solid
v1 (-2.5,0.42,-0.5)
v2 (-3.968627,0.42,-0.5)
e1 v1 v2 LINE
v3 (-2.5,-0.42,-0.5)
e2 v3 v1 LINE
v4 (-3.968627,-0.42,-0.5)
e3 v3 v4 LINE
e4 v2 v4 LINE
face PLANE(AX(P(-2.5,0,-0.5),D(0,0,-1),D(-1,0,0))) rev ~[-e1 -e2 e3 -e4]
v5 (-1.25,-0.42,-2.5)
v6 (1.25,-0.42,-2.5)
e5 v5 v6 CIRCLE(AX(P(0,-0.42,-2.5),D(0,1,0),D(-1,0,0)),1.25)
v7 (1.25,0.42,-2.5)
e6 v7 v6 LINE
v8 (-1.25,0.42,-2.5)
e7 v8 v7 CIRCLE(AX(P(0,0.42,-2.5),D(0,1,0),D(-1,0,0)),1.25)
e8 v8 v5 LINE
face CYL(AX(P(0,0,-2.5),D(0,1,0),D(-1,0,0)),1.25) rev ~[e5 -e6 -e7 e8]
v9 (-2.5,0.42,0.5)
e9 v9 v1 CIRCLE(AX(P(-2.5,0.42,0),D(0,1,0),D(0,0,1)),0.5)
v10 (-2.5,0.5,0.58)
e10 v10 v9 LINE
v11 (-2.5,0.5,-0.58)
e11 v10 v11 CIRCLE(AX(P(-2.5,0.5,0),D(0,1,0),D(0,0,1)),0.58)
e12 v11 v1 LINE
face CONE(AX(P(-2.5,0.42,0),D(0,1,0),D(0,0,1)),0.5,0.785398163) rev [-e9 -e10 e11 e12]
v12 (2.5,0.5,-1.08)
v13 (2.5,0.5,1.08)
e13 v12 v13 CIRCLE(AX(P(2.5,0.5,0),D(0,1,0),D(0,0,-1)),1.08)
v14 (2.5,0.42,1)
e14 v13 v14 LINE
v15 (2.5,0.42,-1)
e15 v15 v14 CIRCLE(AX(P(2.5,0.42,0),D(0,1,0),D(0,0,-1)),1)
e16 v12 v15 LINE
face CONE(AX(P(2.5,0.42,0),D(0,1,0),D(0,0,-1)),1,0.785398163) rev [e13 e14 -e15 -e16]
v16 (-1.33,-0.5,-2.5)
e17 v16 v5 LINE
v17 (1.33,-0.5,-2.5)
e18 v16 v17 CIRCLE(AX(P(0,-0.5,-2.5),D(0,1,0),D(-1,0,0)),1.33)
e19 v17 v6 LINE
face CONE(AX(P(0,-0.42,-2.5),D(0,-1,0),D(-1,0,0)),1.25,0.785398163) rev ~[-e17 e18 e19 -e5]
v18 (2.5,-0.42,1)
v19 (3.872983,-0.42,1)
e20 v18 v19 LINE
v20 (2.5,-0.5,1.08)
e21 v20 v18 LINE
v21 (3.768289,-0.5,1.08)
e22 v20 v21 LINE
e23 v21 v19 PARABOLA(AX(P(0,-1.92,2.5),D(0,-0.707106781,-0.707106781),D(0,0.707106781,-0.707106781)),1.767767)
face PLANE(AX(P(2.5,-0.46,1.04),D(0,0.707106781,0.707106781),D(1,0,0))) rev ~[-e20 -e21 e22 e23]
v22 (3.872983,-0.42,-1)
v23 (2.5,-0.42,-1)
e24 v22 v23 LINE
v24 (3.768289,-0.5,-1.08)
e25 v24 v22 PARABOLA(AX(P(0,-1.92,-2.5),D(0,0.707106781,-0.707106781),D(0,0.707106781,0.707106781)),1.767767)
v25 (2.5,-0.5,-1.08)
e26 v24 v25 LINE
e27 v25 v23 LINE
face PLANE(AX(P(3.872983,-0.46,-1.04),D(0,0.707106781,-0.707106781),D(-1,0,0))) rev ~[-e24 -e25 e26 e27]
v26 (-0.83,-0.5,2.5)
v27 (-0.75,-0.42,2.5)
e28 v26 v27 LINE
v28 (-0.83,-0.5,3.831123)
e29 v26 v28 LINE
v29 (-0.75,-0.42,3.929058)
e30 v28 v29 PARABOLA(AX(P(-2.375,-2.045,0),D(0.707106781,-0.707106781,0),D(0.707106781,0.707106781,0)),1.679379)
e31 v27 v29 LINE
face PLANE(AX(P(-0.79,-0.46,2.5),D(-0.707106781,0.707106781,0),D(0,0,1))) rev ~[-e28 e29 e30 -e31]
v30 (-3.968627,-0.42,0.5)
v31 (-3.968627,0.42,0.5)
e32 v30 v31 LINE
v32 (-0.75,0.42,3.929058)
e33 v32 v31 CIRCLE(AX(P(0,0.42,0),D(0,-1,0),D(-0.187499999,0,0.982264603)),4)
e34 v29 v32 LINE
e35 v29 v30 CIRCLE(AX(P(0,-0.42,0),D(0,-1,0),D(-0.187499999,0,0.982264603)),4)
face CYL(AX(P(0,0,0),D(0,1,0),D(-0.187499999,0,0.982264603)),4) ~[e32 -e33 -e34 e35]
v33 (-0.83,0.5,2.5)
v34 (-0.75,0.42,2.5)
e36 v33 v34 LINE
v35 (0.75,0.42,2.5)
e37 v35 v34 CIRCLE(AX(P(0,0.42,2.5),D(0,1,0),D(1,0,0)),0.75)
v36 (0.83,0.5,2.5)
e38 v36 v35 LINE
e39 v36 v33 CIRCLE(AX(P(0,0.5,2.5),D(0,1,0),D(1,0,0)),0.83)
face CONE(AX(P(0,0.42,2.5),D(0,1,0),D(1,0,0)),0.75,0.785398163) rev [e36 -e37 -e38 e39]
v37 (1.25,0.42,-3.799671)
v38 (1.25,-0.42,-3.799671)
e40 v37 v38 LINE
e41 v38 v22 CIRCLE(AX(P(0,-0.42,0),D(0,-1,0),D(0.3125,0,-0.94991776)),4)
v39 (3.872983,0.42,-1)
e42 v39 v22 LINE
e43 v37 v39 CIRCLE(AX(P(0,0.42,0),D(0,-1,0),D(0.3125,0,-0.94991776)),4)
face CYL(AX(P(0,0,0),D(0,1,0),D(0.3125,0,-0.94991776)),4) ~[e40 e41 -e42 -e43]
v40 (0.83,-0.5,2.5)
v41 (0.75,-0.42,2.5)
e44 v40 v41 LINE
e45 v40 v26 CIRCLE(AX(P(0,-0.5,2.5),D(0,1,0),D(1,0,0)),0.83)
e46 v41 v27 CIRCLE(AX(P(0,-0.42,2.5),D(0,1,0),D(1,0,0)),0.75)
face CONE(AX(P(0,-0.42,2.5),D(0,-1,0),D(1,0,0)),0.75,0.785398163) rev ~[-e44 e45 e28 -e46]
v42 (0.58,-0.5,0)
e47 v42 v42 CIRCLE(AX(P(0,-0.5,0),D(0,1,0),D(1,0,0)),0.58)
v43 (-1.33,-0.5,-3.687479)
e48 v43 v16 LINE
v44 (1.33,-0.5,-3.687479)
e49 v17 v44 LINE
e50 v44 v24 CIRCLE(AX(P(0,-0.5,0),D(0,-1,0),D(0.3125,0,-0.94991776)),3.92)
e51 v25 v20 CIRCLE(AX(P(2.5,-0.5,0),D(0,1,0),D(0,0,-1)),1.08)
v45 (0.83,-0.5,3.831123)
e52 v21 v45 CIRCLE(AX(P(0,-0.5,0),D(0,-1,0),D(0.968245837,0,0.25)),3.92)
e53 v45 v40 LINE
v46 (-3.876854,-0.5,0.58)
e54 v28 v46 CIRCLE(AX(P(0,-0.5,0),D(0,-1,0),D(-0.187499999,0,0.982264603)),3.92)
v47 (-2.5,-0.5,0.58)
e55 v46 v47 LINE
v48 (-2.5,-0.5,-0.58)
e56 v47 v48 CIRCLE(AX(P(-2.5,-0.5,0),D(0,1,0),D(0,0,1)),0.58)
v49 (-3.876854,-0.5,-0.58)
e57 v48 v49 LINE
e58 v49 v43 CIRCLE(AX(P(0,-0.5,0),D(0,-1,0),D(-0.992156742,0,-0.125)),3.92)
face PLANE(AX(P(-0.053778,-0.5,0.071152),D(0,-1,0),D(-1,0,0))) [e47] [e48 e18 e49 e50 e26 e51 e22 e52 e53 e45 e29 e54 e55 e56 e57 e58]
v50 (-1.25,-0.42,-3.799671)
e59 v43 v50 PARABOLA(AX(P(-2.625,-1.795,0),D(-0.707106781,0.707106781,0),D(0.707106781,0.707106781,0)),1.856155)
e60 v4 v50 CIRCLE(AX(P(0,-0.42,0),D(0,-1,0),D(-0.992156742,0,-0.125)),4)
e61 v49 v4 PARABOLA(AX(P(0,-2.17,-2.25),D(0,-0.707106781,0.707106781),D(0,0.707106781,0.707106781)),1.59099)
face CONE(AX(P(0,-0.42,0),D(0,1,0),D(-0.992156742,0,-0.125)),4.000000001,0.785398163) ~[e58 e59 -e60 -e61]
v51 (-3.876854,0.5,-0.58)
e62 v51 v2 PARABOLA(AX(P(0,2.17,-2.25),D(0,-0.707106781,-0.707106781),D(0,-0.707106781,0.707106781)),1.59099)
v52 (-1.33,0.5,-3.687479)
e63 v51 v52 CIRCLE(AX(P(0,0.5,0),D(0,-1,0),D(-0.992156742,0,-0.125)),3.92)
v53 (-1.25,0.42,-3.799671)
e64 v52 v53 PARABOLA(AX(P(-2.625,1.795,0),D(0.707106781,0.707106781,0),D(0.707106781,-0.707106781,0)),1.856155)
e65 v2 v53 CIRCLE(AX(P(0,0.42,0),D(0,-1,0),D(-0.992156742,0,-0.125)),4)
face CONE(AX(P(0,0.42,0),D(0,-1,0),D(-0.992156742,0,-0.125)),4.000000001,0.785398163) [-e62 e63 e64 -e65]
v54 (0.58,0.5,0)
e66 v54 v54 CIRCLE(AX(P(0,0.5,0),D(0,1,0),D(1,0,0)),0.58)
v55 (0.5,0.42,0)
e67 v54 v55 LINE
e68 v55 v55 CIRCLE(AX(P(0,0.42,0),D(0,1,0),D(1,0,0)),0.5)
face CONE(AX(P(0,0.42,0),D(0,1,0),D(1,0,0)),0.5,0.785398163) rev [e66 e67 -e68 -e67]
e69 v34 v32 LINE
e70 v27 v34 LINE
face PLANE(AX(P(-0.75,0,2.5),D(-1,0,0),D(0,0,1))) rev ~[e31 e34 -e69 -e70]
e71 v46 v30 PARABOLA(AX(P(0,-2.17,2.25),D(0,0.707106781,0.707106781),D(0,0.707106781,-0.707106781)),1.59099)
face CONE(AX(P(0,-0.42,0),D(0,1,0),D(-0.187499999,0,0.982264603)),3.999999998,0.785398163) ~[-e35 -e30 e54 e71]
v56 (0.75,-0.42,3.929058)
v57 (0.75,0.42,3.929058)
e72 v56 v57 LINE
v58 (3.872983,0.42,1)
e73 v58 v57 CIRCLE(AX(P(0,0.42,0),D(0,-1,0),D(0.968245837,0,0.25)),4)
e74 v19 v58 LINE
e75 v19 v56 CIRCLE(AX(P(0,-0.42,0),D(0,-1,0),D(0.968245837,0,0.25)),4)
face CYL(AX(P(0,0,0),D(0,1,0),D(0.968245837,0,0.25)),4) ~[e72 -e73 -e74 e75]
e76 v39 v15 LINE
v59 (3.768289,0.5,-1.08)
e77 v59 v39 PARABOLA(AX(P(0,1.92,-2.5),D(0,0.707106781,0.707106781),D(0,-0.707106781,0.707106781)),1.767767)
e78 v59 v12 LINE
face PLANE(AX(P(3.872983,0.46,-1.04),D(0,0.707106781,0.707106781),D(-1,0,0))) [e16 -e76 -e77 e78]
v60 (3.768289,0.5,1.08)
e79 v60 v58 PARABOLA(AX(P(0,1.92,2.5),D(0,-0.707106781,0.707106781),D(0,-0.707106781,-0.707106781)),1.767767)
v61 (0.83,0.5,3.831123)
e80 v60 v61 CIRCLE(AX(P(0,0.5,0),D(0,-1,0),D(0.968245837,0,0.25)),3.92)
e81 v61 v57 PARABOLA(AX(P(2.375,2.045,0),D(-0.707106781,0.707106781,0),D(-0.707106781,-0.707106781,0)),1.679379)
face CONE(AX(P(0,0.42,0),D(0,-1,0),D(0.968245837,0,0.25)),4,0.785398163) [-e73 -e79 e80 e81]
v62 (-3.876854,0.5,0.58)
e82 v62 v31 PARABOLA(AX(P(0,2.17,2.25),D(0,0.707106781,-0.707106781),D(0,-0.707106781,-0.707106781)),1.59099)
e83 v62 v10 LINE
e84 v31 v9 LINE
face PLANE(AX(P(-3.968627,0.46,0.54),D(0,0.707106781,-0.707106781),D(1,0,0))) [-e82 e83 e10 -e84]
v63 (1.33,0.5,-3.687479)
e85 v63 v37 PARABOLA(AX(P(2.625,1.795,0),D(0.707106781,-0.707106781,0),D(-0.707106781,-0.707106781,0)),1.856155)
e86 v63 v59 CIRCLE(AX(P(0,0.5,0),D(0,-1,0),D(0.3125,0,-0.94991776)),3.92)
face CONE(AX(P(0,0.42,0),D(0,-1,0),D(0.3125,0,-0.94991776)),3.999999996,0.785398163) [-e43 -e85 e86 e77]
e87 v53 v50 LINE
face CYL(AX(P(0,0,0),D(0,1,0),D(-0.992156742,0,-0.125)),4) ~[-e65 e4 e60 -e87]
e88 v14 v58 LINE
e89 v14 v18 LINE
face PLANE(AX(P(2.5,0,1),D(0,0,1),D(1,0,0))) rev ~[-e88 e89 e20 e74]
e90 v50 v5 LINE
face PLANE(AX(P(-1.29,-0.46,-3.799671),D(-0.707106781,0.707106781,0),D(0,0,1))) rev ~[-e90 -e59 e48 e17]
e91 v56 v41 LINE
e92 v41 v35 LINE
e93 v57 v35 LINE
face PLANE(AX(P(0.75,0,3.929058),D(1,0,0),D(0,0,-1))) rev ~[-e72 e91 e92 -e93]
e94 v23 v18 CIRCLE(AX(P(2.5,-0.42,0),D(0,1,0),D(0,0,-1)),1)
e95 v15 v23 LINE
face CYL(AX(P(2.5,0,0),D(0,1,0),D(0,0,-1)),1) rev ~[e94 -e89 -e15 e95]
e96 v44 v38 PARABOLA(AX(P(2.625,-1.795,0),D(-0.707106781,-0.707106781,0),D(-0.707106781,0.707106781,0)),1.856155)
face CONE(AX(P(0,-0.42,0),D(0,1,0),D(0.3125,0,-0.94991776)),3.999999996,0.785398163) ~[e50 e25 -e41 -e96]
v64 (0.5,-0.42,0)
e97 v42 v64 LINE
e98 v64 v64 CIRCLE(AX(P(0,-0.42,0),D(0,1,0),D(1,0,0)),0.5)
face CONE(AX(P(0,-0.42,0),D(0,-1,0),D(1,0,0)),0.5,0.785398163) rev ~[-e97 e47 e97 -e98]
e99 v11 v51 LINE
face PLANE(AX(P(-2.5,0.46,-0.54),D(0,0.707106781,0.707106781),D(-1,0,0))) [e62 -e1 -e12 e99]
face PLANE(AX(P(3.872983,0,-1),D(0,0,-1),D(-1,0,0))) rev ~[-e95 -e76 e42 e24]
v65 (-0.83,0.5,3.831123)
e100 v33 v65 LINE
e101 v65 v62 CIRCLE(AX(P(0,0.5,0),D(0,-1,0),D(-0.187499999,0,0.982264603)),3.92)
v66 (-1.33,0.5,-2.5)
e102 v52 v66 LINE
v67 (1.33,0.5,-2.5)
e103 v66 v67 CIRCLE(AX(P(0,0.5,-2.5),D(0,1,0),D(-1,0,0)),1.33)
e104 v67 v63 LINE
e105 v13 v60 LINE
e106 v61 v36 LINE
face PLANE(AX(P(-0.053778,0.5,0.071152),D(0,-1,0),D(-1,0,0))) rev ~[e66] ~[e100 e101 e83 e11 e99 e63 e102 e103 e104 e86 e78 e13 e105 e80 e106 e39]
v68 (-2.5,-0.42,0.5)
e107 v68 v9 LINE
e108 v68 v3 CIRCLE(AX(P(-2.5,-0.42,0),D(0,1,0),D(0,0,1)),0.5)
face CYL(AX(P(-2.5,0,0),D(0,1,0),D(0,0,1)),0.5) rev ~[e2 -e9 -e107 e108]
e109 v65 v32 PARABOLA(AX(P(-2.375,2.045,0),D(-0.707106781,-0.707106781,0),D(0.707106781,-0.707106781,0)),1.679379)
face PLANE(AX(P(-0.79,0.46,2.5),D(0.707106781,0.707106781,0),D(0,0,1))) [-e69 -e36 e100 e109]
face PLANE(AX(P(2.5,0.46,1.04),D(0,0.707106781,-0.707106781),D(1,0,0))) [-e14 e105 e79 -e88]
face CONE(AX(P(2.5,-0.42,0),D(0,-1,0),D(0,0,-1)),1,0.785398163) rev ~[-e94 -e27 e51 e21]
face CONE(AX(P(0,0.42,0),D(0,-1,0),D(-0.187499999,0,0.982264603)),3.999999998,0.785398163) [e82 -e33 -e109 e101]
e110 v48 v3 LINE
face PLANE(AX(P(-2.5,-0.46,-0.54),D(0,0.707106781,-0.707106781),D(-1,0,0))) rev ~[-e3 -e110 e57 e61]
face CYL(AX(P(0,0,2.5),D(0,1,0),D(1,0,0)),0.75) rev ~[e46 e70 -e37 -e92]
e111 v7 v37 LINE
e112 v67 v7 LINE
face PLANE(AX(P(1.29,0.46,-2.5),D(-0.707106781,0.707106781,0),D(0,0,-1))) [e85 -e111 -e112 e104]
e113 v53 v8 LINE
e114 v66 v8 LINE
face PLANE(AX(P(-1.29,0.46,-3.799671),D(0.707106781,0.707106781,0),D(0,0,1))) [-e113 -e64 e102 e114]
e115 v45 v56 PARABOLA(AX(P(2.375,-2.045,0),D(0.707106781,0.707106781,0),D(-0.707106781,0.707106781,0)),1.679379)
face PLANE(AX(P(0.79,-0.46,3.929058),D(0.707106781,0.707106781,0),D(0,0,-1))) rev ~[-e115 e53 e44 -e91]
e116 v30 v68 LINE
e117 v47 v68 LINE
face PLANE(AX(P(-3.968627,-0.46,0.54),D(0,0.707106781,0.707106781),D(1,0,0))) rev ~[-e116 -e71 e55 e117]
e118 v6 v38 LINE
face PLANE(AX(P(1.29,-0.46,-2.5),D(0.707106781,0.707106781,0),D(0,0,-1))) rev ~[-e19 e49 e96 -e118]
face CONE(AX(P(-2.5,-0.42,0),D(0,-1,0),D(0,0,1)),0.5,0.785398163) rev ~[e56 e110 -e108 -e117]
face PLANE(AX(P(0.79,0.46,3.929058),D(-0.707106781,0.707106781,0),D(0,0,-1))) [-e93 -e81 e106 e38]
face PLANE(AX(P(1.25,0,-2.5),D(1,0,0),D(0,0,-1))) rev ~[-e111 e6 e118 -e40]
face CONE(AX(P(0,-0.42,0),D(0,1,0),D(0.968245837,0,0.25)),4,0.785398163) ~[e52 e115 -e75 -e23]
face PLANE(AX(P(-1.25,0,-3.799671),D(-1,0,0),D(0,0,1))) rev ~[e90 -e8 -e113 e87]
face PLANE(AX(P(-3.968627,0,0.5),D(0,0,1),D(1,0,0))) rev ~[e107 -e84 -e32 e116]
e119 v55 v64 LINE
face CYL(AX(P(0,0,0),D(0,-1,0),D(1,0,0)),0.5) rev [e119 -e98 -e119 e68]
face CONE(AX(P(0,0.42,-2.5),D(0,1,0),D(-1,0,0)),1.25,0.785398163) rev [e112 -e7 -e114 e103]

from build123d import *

# Parameters (mm, degrees)
SKETCH1_R           = 0.5
BOSS_EXTRUDE1_DEPTH = 0.5
CHAMFER1_SIZE       = 0.08
CHAMFER2_SIZE       = 0.08


with BuildPart() as part:
    # Sketch1 → Boss-Extrude1 (new body, symmetric)
    with BuildSketch(Plane(origin=(0, 0, 0), x_dir=(1, 0, 0), z_dir=(0, 1, 0))):
        with BuildLine():
            Line((-2.5, 0.5), (-3.968626967, 0.5))
            ThreePointArc((-3.968626967, 0.5), (-3.087146594, 2.543526274), (-1.25, 3.799671038))
            Line((-1.25, 3.799671038), (-1.25, 2.5))
            ThreePointArc((-1.25, 2.5), (0, 1.25), (1.25, 2.5))
            Line((1.25, 2.5), (1.25, 3.799671038))
            ThreePointArc((1.25, 3.799671038), (2.919037354, 2.734816434), (3.872983346, 1))
            Line((3.872983346, 1), (2.5, 1))
            ThreePointArc((2.5, 1), (1.5, 0), (2.5, -1))
            Line((2.5, -1), (3.872983346, -1))
            ThreePointArc((3.872983346, -1), (2.736391702, -2.917560702), (0.75, -3.929058411))
            Line((0.75, -3.929058411), (0.75, -2.5))
            ThreePointArc((0.75, -2.5), (0, -1.75), (-0.75, -2.5))
            Line((-0.75, -2.5), (-0.75, -3.929058411))
            ThreePointArc((-0.75, -3.929058411), (-2.916499702, -2.73752251), (-3.968626967, -0.5))
            Line((-3.968626967, -0.5), (-2.5, -0.5))
            ThreePointArc((-2.5, -0.5), (-2, 0), (-2.5, 0.5))
        make_face()
        Circle(SKETCH1_R, mode=Mode.SUBTRACT)
    extrude(amount=BOSS_EXTRUDE1_DEPTH, both=True)

    # Chamfer1
    chamfer1_edges = [part.edges().sort_by_distance(p)[0] for p in [
        (-2, 0.5, 0),
        (-3.234313483, 0.5, 0.5),
        (-2.916499702, 0.5, 2.73752251),
        (-0.75, 0.5, 3.214529206),
        (0, 0.5, 1.75),
        (0.75, 0.5, 3.214529206),
        (2.736391702, 0.5, 2.917560702),
        (-0.5, 0.5, 0),
        (3.186491673, 0.5, 1),
        (1.5, 0.5, 0),
        (3.186491673, 0.5, -1),
        (-3.087146594, 0.5, -2.543526274),
        (2.919037354, 0.5, -2.734816434),
        (1.25, 0.5, -3.149835519),
        (0, 0.5, -1.25),
        (-1.25, 0.5, -3.149835519),
        (-3.234313483, 0.5, -0.5),
    ]]
    chamfer(chamfer1_edges, length=CHAMFER1_SIZE)

    # Chamfer2
    chamfer2_edges = [part.edges().sort_by_distance(p)[0] for p in [
        (-1.25, -0.5, -3.149835519),
        (0, -0.5, -1.25),
        (1.25, -0.5, -3.149835519),
        (2.919037354, -0.5, -2.734816434),
        (3.186491673, -0.5, -1),
        (1.5, -0.5, 0),
        (3.186491673, -0.5, 1),
        (2.736391702, -0.5, 2.917560702),
        (0.75, -0.5, 3.214529206),
        (0, -0.5, 1.75),
        (-0.75, -0.5, 3.214529206),
        (-2.916499702, -0.5, 2.73752251),
        (-3.234313483, -0.5, 0.5),
        (-2, -0.5, 0),
        (-3.234313483, -0.5, -0.5),
        (-3.087146594, -0.5, -2.543526274),
        (-0.5, -0.5, 0),
    ]]
    chamfer(chamfer2_edges, length=CHAMFER2_SIZE)


solid = part.part
